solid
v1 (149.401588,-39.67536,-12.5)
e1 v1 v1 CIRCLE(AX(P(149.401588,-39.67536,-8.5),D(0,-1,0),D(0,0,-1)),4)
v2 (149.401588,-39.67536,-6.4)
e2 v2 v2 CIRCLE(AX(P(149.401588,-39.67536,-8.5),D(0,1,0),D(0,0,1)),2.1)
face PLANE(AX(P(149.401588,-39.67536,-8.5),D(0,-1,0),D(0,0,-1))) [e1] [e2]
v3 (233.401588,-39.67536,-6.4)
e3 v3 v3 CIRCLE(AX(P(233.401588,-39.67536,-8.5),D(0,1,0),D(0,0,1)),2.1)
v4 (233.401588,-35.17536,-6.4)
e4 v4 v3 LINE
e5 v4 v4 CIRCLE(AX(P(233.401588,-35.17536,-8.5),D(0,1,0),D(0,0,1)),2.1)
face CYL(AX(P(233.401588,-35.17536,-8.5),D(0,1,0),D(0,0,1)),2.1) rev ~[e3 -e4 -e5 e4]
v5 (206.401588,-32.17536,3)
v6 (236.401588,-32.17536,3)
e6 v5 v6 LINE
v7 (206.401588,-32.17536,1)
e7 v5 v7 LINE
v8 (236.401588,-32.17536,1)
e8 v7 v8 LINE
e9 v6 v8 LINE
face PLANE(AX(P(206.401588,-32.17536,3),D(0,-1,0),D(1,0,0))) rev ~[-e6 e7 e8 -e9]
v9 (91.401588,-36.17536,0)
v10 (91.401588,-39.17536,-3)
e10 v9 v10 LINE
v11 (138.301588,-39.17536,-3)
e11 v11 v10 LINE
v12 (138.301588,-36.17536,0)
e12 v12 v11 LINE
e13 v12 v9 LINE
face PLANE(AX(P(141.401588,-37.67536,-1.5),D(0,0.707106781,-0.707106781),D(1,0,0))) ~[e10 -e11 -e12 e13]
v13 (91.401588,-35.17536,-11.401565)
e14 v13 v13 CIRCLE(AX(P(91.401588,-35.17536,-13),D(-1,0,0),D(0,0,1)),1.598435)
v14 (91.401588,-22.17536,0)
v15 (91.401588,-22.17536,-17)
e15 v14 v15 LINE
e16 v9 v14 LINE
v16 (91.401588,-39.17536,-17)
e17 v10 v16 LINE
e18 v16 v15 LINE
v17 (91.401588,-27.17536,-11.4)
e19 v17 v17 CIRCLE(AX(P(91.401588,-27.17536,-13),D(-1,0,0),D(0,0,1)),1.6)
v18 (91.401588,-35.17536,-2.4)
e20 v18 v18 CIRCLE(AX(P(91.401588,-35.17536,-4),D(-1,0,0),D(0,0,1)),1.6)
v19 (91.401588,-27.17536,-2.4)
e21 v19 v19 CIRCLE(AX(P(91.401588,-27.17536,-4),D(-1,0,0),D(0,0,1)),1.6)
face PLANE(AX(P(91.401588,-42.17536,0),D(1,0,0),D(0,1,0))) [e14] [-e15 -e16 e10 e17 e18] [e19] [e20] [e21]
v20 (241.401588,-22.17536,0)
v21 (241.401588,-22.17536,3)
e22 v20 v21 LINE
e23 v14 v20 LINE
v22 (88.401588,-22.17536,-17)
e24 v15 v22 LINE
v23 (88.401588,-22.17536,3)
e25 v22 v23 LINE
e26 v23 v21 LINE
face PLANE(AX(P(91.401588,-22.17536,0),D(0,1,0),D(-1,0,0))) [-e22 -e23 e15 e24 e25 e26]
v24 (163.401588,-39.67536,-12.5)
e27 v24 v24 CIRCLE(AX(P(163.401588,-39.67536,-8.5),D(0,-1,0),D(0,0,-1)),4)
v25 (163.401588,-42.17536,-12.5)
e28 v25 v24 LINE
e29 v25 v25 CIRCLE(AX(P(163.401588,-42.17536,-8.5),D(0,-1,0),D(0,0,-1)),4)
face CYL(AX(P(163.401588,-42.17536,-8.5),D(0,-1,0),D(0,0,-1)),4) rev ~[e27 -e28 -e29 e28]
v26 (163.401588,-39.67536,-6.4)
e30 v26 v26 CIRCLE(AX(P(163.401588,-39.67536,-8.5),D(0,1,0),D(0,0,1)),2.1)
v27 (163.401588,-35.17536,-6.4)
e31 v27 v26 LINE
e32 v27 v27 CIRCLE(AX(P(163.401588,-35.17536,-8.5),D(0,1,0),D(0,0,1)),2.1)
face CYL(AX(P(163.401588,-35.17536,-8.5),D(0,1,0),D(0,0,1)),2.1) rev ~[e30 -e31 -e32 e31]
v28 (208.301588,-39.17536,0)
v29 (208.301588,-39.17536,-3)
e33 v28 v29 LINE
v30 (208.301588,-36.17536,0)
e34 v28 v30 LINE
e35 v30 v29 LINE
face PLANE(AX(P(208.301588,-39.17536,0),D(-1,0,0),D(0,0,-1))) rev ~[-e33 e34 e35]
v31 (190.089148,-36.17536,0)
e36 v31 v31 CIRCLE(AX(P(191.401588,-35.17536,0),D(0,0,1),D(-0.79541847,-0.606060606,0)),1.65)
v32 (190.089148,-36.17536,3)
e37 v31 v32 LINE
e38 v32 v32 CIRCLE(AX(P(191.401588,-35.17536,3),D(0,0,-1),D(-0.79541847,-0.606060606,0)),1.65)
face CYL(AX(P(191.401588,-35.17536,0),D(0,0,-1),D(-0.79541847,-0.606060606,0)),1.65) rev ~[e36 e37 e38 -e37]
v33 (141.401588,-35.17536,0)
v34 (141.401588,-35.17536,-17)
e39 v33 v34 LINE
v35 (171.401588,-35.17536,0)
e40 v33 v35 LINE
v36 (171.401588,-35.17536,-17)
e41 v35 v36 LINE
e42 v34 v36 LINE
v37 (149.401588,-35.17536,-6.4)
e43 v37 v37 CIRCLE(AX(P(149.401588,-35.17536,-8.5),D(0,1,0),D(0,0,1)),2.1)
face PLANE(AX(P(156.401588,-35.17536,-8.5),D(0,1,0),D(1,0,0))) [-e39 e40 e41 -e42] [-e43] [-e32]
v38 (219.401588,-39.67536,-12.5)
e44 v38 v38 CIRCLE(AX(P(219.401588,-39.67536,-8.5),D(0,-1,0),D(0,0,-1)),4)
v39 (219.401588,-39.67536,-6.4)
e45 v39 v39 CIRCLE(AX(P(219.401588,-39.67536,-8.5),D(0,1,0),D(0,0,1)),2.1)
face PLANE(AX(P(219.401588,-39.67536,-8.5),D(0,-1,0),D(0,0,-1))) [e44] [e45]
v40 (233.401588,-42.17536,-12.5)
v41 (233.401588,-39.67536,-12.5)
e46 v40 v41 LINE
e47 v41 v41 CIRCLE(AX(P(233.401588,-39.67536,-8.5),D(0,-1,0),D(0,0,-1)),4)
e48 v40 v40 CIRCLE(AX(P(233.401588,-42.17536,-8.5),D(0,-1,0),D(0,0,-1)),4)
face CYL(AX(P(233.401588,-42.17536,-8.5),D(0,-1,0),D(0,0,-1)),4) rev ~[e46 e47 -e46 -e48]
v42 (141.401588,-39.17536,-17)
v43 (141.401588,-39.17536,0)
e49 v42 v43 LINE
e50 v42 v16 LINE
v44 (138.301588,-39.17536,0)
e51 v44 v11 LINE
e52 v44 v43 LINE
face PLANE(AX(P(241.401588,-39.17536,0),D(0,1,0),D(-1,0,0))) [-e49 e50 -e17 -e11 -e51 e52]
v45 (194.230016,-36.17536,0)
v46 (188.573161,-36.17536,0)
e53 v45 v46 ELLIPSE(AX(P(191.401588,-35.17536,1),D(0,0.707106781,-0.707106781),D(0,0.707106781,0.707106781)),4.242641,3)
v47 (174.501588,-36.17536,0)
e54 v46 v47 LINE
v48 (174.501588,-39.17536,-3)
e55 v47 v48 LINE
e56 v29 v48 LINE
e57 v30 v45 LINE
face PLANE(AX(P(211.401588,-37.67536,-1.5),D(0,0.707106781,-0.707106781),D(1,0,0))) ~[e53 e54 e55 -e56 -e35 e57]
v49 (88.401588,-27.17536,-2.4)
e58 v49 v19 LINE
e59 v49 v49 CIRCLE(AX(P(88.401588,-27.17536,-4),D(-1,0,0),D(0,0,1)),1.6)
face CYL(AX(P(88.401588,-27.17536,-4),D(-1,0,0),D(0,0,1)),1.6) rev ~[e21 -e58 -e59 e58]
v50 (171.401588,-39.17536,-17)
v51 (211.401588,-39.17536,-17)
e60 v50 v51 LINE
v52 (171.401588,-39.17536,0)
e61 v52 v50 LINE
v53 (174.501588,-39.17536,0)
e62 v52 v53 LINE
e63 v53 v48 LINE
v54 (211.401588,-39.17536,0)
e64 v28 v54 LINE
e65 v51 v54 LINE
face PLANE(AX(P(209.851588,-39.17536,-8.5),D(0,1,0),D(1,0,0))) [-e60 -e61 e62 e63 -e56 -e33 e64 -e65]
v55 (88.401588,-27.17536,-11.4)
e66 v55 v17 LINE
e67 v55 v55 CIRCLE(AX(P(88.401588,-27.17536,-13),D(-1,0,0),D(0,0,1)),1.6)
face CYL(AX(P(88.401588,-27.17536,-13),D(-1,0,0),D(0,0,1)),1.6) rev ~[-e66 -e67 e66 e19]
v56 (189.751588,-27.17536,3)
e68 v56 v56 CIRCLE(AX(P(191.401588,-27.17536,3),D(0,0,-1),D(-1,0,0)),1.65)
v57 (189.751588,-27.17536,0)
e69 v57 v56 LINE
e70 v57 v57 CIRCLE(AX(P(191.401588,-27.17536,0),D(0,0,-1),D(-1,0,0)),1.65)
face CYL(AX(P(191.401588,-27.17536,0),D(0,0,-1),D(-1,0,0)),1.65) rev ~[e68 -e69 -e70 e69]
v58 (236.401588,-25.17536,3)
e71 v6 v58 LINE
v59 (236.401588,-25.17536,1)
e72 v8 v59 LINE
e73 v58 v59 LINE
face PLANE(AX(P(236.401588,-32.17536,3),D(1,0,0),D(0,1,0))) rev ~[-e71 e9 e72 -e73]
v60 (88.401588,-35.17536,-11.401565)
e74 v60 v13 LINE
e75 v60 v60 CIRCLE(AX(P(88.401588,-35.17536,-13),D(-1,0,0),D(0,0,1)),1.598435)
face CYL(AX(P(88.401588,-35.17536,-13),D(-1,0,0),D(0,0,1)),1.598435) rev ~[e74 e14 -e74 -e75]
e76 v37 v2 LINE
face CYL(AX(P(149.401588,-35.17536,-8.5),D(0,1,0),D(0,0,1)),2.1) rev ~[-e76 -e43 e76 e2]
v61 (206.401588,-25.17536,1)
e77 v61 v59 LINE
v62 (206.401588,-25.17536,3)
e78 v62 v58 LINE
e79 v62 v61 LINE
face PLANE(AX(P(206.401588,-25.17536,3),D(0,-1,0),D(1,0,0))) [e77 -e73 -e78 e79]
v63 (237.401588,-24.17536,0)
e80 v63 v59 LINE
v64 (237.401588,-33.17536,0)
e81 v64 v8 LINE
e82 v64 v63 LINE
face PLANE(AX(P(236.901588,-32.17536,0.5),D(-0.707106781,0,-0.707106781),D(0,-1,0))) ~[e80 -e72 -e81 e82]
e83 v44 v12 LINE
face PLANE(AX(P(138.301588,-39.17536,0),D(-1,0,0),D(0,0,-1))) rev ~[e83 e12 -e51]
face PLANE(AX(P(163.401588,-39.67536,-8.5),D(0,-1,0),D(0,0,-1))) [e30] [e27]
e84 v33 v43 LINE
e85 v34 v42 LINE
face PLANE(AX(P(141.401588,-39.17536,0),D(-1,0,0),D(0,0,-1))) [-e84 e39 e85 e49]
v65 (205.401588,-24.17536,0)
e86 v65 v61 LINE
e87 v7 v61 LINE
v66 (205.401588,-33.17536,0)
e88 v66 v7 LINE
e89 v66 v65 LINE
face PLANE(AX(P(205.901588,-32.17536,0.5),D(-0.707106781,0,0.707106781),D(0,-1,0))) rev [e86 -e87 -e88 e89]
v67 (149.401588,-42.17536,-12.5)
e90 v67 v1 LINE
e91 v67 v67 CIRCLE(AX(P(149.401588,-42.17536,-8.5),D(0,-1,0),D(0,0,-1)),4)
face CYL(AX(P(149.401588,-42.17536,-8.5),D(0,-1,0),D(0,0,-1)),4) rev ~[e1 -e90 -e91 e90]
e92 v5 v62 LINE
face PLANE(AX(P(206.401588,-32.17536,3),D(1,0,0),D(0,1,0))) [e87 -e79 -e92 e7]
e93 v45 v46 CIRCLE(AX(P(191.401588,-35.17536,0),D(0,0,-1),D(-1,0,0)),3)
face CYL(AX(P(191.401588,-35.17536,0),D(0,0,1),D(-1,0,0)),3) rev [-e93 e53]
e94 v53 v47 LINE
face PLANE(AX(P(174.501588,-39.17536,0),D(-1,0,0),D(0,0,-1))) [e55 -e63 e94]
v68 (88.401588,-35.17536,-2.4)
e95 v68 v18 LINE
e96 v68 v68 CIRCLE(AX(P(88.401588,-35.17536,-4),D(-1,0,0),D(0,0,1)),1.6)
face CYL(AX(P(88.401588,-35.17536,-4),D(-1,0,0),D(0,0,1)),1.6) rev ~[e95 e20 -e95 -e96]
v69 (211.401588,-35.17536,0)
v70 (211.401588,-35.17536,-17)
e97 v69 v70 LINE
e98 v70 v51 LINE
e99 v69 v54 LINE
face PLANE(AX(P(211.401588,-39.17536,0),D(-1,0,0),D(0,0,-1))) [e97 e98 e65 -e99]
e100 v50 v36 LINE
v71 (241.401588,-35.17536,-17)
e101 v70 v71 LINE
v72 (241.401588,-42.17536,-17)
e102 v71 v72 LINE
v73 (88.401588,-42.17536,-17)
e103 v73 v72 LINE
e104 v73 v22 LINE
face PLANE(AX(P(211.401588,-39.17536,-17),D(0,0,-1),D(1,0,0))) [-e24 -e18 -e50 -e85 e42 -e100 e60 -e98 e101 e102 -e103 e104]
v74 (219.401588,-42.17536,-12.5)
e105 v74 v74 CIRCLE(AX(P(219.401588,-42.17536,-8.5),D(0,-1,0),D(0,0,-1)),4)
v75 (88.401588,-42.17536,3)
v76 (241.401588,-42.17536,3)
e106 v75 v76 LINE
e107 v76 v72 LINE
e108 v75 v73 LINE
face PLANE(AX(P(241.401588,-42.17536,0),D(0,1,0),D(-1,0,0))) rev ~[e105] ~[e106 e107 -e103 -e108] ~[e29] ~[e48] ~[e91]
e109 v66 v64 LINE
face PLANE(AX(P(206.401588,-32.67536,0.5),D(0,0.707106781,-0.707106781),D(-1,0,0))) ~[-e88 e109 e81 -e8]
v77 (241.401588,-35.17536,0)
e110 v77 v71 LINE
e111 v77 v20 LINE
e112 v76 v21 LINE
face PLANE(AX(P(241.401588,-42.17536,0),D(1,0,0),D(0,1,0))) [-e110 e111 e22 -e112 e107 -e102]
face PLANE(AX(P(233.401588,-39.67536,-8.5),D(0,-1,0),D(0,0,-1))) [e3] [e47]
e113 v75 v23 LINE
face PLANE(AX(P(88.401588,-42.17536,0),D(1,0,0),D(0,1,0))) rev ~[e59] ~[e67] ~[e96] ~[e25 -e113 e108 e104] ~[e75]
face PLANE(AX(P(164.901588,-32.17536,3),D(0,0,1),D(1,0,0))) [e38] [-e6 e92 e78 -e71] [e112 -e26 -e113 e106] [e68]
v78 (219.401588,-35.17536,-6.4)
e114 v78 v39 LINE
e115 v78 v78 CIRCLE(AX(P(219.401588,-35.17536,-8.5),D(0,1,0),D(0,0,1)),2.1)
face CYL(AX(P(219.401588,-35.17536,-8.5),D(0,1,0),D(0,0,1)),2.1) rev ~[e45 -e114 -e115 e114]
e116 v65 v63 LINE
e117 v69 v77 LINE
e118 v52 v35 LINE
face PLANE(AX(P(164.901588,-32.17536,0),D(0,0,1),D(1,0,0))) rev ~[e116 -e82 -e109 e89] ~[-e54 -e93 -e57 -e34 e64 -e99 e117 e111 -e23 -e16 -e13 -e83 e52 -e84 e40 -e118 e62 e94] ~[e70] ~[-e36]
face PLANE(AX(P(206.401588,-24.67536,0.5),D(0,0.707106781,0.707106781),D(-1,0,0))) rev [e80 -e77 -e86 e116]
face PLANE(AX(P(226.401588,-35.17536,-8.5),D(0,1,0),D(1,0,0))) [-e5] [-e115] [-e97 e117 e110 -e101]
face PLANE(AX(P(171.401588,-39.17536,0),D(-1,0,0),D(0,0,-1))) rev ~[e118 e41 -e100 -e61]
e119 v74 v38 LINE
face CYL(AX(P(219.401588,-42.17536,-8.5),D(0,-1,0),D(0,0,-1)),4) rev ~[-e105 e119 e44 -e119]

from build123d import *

# Parameters (mm, degrees)
SKETCH1_W           = 153
SKETCH1_H           = 20
BOSS_EXTRUDE1_DEPTH = 3
SKETCH2_W           = 3
SKETCH2_H           = 20
BOSS_EXTRUDE2_DEPTH = 17
SKETCH3_W           = 150
SKETCH3_H           = 3
BOSS_EXTRUDE3_DEPTH = 17
SKETCH4_R           = 1.6
SKETCH4_R_2         = 1.598435099
CUT_EXTRUDE1_DEPTH  = 10
SKETCH6_W           = 30
SKETCH6_H           = 17
BOSS_EXTRUDE4_DEPTH = 4
SKETCH7_R           = 2.1
CUT_EXTRUDE3_DEPTH  = 243.348358538
SKETCH8_R           = 4
CUT_EXTRUDE4_DEPTH  = 2.5
SKETCH9_W           = 30
SKETCH9_H           = 17
BOSS_EXTRUDE5_DEPTH = 4
SKETCH12_R          = 2.1
CUT_EXTRUDE7_DEPTH  = 243.348358538
SKETCH13_R          = 4
CUT_EXTRUDE8_DEPTH  = 2.5
SKETCH14_W          = 30
SKETCH14_H          = 7
CUT_EXTRUDE9_DEPTH  = 3
CHAMFER8_SIZE       = 1
CHAMFER9_SIZE       = 3
SKETCH15_W          = 3.1
SKETCH15_H          = 17
CUT_EXTRUDE10_DEPTH = 3
SKETCH16_R          = 1.65
CUT_EXTRUDE11_DEPTH = 3
SKETCH17_R          = 3
CUT_EXTRUDE12_DEPTH = 6


with BuildPart() as part:
    # Sketch1 → Boss-Extrude1 (new body)
    with BuildSketch(Plane.XY):
        with Locations((164.901588409, -32.175360178)):
            Rectangle(SKETCH1_W, SKETCH1_H)
    extrude(amount=BOSS_EXTRUDE1_DEPTH)

    # Sketch2 → Boss-Extrude2 (add)
    with BuildSketch(Plane(origin=(0, 0, 0), x_dir=(-1, 0, 0), z_dir=(0, 0, -1))):
        with Locations((-89.901588409, -32.175360178)):
            Rectangle(SKETCH2_W, SKETCH2_H)
    extrude(amount=BOSS_EXTRUDE2_DEPTH)

    # Sketch3 → Boss-Extrude3 (add)
    with BuildSketch(Plane(origin=(0, 0, 0), x_dir=(-1, 0, 0), z_dir=(0, 0, -1))):
        with Locations((-166.401588409, -40.675360178)):
            Rectangle(SKETCH3_W, SKETCH3_H)
    extrude(amount=BOSS_EXTRUDE3_DEPTH)

    # Sketch4 → Cut-Extrude1 (cut)
    with BuildSketch(Plane.ZY.offset(-88.401588409)):
        with Locations((-13, -27.175360178)):
            Circle(SKETCH4_R)
        with Locations((-4, -27.175360178)):
            Circle(SKETCH4_R)
        with Locations((-4, -35.175360178)):
            Circle(SKETCH4_R)
        with Locations((-13, -35.175360178)):
            Circle(SKETCH4_R_2)
    extrude(amount=-CUT_EXTRUDE1_DEPTH, mode=Mode.SUBTRACT)

    # Sketch6 → Boss-Extrude4 (add)
    with BuildSketch(Plane(origin=(0, -39.175360178, 0), x_dir=(1, 0, 0), z_dir=(0, 1, 0))):
        with Locations((226.401588409, 8.5)):
            Rectangle(SKETCH6_W, SKETCH6_H)
    extrude(amount=BOSS_EXTRUDE4_DEPTH)

    # Sketch7 → Cut-Extrude3 (cut, through all)
    with BuildSketch(Plane(origin=(0, -35.175360178, 0), x_dir=(1, 0, 0), z_dir=(0, 1, 0))):
        with Locations(Location((219.401588409, 8.5, 0), (0, 0, 270))):
            Circle(SKETCH7_R)
        with Locations(Location((233.401588409, 8.5, 0), (0, 0, 270))):
            Circle(SKETCH7_R)
    extrude(amount=-CUT_EXTRUDE3_DEPTH, mode=Mode.SUBTRACT)

    # Sketch8 → Cut-Extrude4 (cut)
    with BuildSketch(Plane.XZ.offset(42.175360178)):
        with Locations(Location((219.401588409, -8.5, 0), (0, 0, 270))):
            Circle(SKETCH8_R)
        with Locations(Location((233.401588409, -8.5, 0), (0, 0, 270))):
            Circle(SKETCH8_R)
    extrude(amount=-CUT_EXTRUDE4_DEPTH, mode=Mode.SUBTRACT)

    # Sketch9 → Boss-Extrude5 (add)
    with BuildSketch(Plane(origin=(0, -39.175360178, 0), x_dir=(1, 0, 0), z_dir=(0, 1, 0))):
        with Locations((156.401588409, 8.5)):
            Rectangle(SKETCH9_W, SKETCH9_H)
    extrude(amount=BOSS_EXTRUDE5_DEPTH)

    # Sketch12 → Cut-Extrude7 (cut, through all)
    with BuildSketch(Plane(origin=(0, -35.175360178, 0), x_dir=(1, 0, 0), z_dir=(0, 1, 0))):
        with Locations(Location((163.401588409, 8.5, 0), (0, 0, 270))):
            Circle(SKETCH12_R)
        with Locations(Location((149.401588409, 8.5, 0), (0, 0, 270))):
            Circle(SKETCH12_R)
    extrude(amount=-CUT_EXTRUDE7_DEPTH, mode=Mode.SUBTRACT)

    # Sketch13 → Cut-Extrude8 (cut)
    with BuildSketch(Plane.XZ.offset(42.175360178)):
        with Locations(Location((163.401588409, -8.5, 0), (0, 0, 270))):
            Circle(SKETCH13_R)
        with Locations(Location((149.401588409, -8.5, 0), (0, 0, 270))):
            Circle(SKETCH13_R)
    extrude(amount=-CUT_EXTRUDE8_DEPTH, mode=Mode.SUBTRACT)

    # Sketch14 → Cut-Extrude9 (cut)
    with BuildSketch(Plane.XY.offset(3)):
        with Locations((221.401588409, -28.675360178)):
            Rectangle(SKETCH14_W, SKETCH14_H)
    extrude(amount=-CUT_EXTRUDE9_DEPTH, mode=Mode.SUBTRACT)

    # Chamfer8
    chamfer8_edges = [part.edges().sort_by_distance(p)[0] for p in [
        (236.401588409, -28.675360178, 0),
        (221.401588409, -32.175360178, 0),
        (206.401588409, -28.675360178, 0),
        (221.401588409, -25.175360178, 0),
    ]]
    chamfer(chamfer8_edges, length=CHAMFER8_SIZE)

    # Chamfer9
    chamfer9_edges = [part.edges().sort_by_distance(p)[0] for p in [
        (116.401588409, -39.175360178, 0),
        (191.401588409, -39.175360178, 0),
    ]]
    chamfer(chamfer9_edges, length=CHAMFER9_SIZE)

    # Sketch15 → Cut-Extrude10 (cut)
    with BuildSketch(Plane(origin=(0, -39.175360178, 0), x_dir=(1, 0, 0), z_dir=(0, 1, 0))):
        with Locations((209.851588409, 8.5)):
            Rectangle(SKETCH15_W, SKETCH15_H)
        with Locations((172.951588409, 8.5)):
            Rectangle(SKETCH15_W, SKETCH15_H)
        with Locations((139.851588409, 8.5)):
            Rectangle(SKETCH15_W, SKETCH15_H)
    extrude(amount=CUT_EXTRUDE10_DEPTH, mode=Mode.SUBTRACT)

    # Sketch16 → Cut-Extrude11 (cut)
    with BuildSketch(Plane(origin=(0, 0, 0), x_dir=(-1, 0, 0), z_dir=(0, 0, -1))):
        with Locations((-191.401588409, -27.175360178)):
            Circle(SKETCH16_R)
        with Locations(Location((-191.401588409, -35.175360178, 0), (0, 0, 322.694799034))):
            Circle(SKETCH16_R)
    extrude(amount=-CUT_EXTRUDE11_DEPTH, mode=Mode.SUBTRACT)

    # Sketch17 → Cut-Extrude12 (cut)
    with BuildSketch(Plane(origin=(0, 0, 0), x_dir=(-1, 0, 0), z_dir=(0, 0, -1))):
        with Locations((-191.401588409, -35.175360178)):
            Circle(SKETCH17_R)
    extrude(amount=CUT_EXTRUDE12_DEPTH, mode=Mode.SUBTRACT)


solid = part.part
